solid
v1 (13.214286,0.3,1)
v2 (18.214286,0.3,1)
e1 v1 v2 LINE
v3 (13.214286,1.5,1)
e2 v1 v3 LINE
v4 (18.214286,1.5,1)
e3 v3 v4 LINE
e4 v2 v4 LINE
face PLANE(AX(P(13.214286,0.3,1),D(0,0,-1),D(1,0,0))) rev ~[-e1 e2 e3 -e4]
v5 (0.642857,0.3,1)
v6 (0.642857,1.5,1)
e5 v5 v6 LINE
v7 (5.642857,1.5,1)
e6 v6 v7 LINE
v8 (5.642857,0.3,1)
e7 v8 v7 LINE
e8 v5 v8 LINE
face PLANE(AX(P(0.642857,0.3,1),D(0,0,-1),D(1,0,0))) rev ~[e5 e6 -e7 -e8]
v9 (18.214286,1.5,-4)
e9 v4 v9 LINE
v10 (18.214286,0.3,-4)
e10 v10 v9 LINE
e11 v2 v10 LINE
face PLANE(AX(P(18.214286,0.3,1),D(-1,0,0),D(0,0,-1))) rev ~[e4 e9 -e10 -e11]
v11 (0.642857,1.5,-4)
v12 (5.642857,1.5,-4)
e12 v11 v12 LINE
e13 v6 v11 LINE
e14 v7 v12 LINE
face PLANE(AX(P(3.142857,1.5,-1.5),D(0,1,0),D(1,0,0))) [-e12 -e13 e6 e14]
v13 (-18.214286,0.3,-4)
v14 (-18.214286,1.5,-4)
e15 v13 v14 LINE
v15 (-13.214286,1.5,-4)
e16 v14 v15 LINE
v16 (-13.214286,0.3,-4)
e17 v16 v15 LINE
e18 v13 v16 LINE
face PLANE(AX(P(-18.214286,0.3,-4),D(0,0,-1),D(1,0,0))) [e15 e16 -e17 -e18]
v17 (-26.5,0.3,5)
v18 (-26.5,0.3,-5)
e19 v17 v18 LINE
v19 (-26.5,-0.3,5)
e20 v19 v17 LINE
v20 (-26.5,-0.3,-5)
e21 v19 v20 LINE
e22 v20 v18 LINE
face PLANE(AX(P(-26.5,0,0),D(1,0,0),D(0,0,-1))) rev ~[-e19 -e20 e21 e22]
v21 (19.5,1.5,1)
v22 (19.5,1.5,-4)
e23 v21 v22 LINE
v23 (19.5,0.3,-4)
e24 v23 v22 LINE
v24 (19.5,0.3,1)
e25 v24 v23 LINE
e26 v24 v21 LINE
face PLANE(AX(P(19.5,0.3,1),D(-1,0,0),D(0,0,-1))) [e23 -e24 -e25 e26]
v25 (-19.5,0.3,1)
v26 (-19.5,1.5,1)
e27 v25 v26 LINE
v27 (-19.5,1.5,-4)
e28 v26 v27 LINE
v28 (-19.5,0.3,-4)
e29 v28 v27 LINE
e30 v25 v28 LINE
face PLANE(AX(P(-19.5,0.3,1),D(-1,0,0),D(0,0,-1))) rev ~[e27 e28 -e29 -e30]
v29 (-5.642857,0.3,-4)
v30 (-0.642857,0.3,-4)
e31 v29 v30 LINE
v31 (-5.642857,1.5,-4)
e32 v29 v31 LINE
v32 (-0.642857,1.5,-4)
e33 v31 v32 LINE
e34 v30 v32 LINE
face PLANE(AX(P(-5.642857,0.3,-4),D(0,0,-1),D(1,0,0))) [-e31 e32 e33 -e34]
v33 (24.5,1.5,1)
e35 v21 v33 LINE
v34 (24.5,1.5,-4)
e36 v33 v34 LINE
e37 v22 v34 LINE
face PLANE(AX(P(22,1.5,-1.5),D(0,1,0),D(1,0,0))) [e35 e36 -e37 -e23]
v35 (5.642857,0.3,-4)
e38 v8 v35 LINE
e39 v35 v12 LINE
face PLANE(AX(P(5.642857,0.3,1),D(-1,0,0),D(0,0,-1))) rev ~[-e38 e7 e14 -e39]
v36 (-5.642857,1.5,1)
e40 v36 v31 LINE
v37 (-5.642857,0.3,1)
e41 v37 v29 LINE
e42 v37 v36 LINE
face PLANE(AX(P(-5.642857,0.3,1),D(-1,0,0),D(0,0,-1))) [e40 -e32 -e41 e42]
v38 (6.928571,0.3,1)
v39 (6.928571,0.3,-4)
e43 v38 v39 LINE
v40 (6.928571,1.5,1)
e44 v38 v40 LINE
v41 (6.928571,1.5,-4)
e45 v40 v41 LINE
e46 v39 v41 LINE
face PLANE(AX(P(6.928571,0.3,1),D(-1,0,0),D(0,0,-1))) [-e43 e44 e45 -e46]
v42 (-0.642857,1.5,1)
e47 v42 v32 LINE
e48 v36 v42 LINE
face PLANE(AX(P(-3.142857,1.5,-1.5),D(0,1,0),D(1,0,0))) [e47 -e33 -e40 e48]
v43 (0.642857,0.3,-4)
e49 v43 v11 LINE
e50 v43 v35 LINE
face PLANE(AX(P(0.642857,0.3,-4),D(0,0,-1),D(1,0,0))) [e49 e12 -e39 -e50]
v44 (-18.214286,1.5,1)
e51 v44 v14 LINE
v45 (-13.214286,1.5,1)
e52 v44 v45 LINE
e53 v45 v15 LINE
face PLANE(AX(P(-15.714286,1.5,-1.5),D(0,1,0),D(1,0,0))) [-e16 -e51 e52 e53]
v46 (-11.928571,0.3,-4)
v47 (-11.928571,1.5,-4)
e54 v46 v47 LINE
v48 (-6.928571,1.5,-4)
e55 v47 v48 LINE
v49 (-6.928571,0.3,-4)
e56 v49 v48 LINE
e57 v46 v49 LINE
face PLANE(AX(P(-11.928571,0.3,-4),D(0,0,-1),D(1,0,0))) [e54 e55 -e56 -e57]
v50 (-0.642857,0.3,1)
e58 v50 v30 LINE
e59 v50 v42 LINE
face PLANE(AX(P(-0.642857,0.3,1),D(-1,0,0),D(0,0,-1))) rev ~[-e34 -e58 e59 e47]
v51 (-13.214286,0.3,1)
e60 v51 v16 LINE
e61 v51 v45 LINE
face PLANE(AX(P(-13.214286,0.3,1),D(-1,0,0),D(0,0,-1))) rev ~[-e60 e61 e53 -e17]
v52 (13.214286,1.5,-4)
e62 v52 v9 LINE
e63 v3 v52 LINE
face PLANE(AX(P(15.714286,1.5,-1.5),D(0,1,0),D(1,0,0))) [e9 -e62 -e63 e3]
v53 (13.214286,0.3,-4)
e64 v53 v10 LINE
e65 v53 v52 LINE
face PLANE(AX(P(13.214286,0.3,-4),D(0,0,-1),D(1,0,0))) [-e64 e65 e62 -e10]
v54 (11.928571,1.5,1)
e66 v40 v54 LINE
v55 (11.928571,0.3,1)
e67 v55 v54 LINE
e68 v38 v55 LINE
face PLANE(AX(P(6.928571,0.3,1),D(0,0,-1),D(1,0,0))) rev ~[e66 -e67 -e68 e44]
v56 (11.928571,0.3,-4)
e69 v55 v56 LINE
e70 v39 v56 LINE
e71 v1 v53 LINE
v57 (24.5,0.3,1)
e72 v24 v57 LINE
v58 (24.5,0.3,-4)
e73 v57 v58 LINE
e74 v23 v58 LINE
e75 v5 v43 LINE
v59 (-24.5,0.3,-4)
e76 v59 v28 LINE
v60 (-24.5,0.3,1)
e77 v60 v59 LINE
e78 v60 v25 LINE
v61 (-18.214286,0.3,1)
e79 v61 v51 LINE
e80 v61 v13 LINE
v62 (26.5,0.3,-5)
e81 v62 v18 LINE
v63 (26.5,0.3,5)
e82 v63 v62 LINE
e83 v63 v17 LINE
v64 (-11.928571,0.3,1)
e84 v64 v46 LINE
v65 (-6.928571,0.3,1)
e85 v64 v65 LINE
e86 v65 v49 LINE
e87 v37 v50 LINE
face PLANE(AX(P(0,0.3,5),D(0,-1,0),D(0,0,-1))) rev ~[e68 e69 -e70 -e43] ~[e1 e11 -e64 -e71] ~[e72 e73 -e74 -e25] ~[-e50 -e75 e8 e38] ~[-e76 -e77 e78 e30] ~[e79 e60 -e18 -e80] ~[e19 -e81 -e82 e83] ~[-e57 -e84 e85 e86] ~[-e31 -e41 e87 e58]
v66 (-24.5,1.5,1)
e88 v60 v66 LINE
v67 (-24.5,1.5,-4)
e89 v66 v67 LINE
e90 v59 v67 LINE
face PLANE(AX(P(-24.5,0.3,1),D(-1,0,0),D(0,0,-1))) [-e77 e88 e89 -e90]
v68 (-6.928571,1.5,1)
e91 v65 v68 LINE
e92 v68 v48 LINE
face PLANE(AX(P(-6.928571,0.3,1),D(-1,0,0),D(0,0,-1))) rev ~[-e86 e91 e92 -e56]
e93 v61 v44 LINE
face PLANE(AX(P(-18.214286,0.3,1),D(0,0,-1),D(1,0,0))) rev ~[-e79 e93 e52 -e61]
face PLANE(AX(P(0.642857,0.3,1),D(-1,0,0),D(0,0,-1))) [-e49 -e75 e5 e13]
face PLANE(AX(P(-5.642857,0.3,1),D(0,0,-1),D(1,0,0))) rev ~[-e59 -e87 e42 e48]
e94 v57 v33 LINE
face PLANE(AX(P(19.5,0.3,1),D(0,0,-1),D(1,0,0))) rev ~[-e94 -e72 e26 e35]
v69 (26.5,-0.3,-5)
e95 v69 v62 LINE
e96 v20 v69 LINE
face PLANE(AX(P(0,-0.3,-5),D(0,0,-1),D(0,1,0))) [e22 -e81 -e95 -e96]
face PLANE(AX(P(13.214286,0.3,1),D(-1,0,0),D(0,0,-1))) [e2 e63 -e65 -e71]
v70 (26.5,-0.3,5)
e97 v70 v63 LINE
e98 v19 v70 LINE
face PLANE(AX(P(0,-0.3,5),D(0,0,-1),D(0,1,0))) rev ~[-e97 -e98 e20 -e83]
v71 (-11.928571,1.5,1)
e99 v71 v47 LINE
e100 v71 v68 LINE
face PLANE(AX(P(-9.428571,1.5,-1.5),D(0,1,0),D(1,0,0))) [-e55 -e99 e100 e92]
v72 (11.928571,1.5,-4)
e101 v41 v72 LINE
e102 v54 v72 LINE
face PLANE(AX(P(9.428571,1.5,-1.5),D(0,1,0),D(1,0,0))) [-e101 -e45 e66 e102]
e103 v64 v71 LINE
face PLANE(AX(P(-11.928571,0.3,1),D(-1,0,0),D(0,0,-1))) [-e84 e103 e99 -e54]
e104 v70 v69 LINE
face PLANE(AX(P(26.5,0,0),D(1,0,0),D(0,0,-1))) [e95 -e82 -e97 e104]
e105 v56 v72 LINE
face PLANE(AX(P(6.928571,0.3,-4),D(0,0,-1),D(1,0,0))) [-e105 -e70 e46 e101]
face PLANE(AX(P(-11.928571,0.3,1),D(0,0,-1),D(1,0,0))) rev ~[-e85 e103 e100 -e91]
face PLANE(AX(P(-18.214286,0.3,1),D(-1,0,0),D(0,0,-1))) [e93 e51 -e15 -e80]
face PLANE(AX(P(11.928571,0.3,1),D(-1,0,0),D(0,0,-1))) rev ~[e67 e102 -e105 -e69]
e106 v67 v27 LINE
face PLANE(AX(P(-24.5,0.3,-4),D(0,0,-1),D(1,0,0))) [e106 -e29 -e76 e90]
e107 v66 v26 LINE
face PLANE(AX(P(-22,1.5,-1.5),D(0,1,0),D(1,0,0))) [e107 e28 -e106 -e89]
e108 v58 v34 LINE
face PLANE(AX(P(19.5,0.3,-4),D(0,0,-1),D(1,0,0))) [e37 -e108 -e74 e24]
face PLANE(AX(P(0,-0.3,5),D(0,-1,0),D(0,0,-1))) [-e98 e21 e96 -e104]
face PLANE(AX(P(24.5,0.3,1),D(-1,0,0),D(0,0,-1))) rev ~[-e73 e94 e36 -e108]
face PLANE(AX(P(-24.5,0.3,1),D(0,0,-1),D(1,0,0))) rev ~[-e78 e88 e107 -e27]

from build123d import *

# Parameters (mm, degrees)
SKETCH1_W           = 10
SKETCH1_H           = 0.6
BOSS_EXTRUDE1_DEPTH = 26.5
SKETCH2_W           = 5
SKETCH2_H           = 5
BOSS_EXTRUDE2_DEPTH = 1.2


with BuildPart() as part:
    # Sketch1 → Boss-Extrude1 (new, symmetric)
    with BuildSketch(Plane(origin=(0, 0, 0), x_dir=(0, 0, -1), z_dir=(1, 0, 0))):
        Rectangle(SKETCH1_W, SKETCH1_H)
    extrude(amount=BOSS_EXTRUDE1_DEPTH, both=True)

    # Sketch2 → Boss-Extrude2 (add)
    with BuildSketch(Plane(origin=(0, 0.3, 0), x_dir=(1, 0, 0), z_dir=(0, 1, 0))):
        with Locations((-15.714285714, 1.5)):
            Rectangle(SKETCH2_W, SKETCH2_H)
        with Locations((-22, 1.5)):
            Rectangle(SKETCH2_W, SKETCH2_H)
        with Locations((-9.428571429, 1.5)):
            Rectangle(SKETCH2_W, SKETCH2_H)
        with Locations((-3.142857143, 1.5)):
            Rectangle(SKETCH2_W, SKETCH2_H)
        with Locations((3.142857143, 1.5)):
            Rectangle(SKETCH2_W, SKETCH2_H)
        with Locations((9.428571429, 1.5)):
            Rectangle(SKETCH2_W, SKETCH2_H)
        with Locations((15.714285714, 1.5)):
            Rectangle(SKETCH2_W, SKETCH2_H)
        with Locations((22, 1.5)):
            Rectangle(SKETCH2_W, SKETCH2_H)
    extrude(amount=BOSS_EXTRUDE2_DEPTH)


solid = part.part
